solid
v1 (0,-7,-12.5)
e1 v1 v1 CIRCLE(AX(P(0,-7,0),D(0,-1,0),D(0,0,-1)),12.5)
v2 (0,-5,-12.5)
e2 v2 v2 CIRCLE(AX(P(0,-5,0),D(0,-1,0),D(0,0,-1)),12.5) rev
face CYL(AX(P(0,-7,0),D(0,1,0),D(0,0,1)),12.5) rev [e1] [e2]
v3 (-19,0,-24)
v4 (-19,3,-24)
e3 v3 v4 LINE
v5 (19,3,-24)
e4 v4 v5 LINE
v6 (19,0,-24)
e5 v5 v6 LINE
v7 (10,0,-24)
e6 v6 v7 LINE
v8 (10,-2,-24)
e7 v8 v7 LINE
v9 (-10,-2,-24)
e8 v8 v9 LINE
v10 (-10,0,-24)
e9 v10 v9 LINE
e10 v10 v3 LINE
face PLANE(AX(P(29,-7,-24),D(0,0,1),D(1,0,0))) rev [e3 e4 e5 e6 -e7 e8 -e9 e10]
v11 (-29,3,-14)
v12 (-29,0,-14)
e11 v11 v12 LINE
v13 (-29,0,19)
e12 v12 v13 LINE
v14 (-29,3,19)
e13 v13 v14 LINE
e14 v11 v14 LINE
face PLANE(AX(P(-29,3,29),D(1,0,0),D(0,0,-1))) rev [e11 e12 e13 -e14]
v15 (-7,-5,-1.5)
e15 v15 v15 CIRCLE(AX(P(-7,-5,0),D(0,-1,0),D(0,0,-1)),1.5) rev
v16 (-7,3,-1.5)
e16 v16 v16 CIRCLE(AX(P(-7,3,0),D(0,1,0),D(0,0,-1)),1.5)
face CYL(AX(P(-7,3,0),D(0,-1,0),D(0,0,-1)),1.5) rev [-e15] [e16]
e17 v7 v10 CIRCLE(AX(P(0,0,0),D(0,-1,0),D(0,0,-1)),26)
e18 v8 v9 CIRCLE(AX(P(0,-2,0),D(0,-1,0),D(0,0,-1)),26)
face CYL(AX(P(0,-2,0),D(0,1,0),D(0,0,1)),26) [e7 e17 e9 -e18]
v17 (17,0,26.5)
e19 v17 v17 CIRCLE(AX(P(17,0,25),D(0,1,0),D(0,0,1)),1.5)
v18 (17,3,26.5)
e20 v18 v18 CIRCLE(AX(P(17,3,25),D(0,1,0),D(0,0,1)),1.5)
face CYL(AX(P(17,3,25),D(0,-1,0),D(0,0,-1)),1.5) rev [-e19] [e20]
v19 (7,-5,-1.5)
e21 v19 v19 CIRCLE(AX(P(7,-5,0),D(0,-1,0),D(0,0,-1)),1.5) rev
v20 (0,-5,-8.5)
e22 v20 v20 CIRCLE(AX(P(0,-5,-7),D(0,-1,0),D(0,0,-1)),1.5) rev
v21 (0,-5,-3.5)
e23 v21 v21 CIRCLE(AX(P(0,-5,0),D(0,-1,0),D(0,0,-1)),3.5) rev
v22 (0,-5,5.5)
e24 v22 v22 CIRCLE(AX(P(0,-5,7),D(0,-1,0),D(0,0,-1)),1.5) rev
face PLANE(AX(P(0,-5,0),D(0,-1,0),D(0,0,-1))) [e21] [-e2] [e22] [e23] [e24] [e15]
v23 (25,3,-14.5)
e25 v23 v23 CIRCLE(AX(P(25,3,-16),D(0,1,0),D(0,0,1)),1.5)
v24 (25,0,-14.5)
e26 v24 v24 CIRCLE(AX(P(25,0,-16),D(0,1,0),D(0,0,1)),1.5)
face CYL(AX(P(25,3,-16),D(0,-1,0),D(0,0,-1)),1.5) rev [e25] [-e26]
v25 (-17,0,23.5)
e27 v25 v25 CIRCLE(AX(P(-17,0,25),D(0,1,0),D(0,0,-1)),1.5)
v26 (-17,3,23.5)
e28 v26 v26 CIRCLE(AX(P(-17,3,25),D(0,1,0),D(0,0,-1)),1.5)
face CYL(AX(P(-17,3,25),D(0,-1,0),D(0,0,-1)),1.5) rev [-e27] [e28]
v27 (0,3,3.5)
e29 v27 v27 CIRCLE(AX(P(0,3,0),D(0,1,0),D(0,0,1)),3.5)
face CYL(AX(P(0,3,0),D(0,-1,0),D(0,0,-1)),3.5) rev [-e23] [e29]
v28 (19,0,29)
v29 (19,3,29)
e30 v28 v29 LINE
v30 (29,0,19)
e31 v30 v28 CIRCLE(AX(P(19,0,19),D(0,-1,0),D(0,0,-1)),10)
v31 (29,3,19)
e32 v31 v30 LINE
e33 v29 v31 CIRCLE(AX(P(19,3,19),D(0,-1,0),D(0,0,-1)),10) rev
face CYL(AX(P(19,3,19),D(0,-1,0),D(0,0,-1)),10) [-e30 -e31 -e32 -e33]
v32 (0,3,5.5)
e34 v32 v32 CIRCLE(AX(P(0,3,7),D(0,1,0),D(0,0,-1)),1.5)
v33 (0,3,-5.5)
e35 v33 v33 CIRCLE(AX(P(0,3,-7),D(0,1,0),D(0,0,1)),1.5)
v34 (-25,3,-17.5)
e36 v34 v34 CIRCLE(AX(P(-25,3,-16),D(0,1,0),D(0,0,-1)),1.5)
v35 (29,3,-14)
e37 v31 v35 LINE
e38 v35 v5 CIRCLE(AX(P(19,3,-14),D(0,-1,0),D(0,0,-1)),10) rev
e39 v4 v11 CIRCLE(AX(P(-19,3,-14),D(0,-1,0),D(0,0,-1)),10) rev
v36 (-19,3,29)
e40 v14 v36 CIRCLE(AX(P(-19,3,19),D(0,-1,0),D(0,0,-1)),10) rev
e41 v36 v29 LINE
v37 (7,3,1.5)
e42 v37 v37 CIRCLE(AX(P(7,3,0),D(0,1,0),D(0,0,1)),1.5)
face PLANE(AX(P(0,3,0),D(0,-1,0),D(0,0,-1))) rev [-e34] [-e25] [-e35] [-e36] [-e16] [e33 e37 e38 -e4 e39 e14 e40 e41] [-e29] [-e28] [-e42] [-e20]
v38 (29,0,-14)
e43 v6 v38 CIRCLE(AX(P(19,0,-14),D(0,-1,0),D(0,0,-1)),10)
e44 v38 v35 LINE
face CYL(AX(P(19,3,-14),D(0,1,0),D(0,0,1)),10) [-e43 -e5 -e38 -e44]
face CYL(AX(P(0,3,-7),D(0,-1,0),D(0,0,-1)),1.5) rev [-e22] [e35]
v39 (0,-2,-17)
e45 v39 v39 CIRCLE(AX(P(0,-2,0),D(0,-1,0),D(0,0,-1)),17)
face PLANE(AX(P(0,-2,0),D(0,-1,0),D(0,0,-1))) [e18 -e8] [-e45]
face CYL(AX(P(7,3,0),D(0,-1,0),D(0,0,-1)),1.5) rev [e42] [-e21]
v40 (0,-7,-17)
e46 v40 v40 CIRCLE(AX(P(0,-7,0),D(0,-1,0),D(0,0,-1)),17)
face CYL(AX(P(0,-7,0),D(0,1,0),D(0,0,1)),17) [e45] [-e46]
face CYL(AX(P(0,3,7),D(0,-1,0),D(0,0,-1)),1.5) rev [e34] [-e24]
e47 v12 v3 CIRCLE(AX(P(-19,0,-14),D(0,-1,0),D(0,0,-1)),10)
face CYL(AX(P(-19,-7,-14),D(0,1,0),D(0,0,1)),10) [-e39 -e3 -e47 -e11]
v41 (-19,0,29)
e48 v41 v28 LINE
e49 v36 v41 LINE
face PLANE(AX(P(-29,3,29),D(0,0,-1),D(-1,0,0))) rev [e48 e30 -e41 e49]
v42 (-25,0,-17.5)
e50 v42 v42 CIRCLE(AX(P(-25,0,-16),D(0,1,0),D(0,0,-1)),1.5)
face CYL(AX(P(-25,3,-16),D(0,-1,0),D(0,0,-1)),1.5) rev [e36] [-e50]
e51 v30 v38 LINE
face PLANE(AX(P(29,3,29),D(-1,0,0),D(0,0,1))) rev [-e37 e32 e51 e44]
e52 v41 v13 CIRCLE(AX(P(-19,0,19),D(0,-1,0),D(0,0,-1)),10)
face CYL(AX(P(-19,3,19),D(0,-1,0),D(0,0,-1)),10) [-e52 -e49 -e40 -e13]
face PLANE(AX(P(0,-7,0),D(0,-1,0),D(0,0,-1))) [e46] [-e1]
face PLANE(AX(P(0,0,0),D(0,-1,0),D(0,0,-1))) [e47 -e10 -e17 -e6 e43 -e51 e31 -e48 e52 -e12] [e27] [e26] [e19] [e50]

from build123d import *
from build123d.topology import SkipClean

# Parameters (mm, degrees)
SKETCH_1_W          = 58
SKETCH_1_H          = 58
SKETCH_1_R          = 1.5
SKETCH_1_R_2        = 3.5
EXTRUDE_1_DEPTH     = 3
EXTRUDE_START       = 5
SKETCH_2_R          = 12.5
SKETCH_2_R_2        = 1.5
SKETCH_2_R_3        = 3.5
EXTRUDE_2_DEPTH     = 5
EXTRUDE_START_2     = 7
SKETCH_6_R          = 17
SKETCH_6_R_2        = 12.5
EXTRUDE_3_DEPTH     = 7
SKETCH_8_R          = 26
SKETCH_8_R_2        = 12
EXTRUDE_5_DEPTH     = 2
SKETCH_10_W         = 58
SKETCH_10_H         = 5
CUT_EXTRUDE_1_DEPTH = 10
FILLET_1_R          = 10


with BuildPart() as part:
    # 草图1 → 凸台-拉伸1 (new body)
    with BuildSketch(Plane(origin=(0, 0, 0), x_dir=(1, 0, 0), z_dir=(0, 1, 0))):
        Rectangle(SKETCH_1_W, SKETCH_1_H)
        with Locations(Location((0, 7, 0), (0, 0, 270))):
            Circle(SKETCH_1_R, mode=Mode.SUBTRACT)
        with Locations(Location((7, 0, 0), (0, 0, 270))):
            Circle(SKETCH_1_R, mode=Mode.SUBTRACT)
        with Locations(Location((0, 0, 0), (0, 0, 270))):
            Circle(SKETCH_1_R_2, mode=Mode.SUBTRACT)
        with Locations(Location((0, -7, 0), (0, 0, 90))):
            Circle(SKETCH_1_R, mode=Mode.SUBTRACT)
        with Locations(Location((-7, 0, 0), (0, 0, 90))):
            Circle(SKETCH_1_R, mode=Mode.SUBTRACT)
        with Locations(Location((25, 16, 0), (0, 0, 270))):
            Circle(SKETCH_1_R, mode=Mode.SUBTRACT)
        with Locations(Location((-25, 16, 0), (0, 0, 90))):
            Circle(SKETCH_1_R, mode=Mode.SUBTRACT)
        with Locations(Location((17, -25, 0), (0, 0, 270))):
            Circle(SKETCH_1_R, mode=Mode.SUBTRACT)
        with Locations(Location((-17, -25, 0), (0, 0, 90))):
            Circle(SKETCH_1_R, mode=Mode.SUBTRACT)
    extrude(amount=EXTRUDE_1_DEPTH)

    # 草图2 → 凸台-拉伸2 (add)
    with SkipClean():  # the faces are left unmerged after this step: merging them gives an invalid solid
        with BuildSketch(Plane.XZ.offset(EXTRUDE_START)):
            with Locations(Location((0, 0, 0), (0, 0, 270))):
                Circle(SKETCH_2_R)
            with Locations(Location((0, 7, 0), (0, 0, 270))):
                Circle(SKETCH_2_R_2, mode=Mode.SUBTRACT)
            with Locations(Location((0, 0, 0), (0, 0, 270))):
                Circle(SKETCH_2_R_3, mode=Mode.SUBTRACT)
            with Locations(Location((-7, 0, 0), (0, 0, 270))):
                Circle(SKETCH_2_R_2, mode=Mode.SUBTRACT)
            with Locations(Location((0, -7, 0), (0, 0, 270))):
                Circle(SKETCH_2_R_2, mode=Mode.SUBTRACT)
            with Locations(Location((7, 0, 0), (0, 0, 270))):
                Circle(SKETCH_2_R_2, mode=Mode.SUBTRACT)
        extrude(amount=-EXTRUDE_2_DEPTH)

    # 草图6 → 凸台-拉伸3 (add)
    with SkipClean():  # the faces are left unmerged after this step: merging them gives an invalid solid
        with BuildSketch(Plane.XZ.offset(EXTRUDE_START_2)):
            with Locations(Location((0, 0, 0), (0, 0, 270))):
                Circle(SKETCH_6_R)
            with Locations(Location((0, 0, 0), (0, 0, 270))):
                Circle(SKETCH_6_R_2, mode=Mode.SUBTRACT)
        extrude(amount=-EXTRUDE_3_DEPTH)

    # 草图8 → 凸台-拉伸5 (add)
    with SkipClean():  # the faces are left unmerged after this step: merging them gives an invalid solid
        with BuildSketch(Plane.XZ):
            with Locations(Location((0, 0, 0), (0, 0, 270))):
                Circle(SKETCH_8_R)
            Circle(SKETCH_8_R_2, mode=Mode.SUBTRACT)
        extrude(amount=EXTRUDE_5_DEPTH)

    # 草图10 → 切除-拉伸1 (cut)
    with BuildSketch(Plane(origin=(0, 3, 0), x_dir=(1, 0, 0), z_dir=(0, 1, 0))):
        with Locations((0, 26.5)):
            Rectangle(SKETCH_10_W, SKETCH_10_H)
    extrude(amount=-CUT_EXTRUDE_1_DEPTH, mode=Mode.SUBTRACT)

    # 圆角1
    fillet_1_edges = [part.edges().sort_by_distance(p)[0] for p in [
        (29, 1.5, 29),
        (-29, 1.5, 29),
        (29, 1.5, -24),
        (-29, 1.5, -24),
    ]]
    fillet(fillet_1_edges, radius=FILLET_1_R)


solid = part.part
